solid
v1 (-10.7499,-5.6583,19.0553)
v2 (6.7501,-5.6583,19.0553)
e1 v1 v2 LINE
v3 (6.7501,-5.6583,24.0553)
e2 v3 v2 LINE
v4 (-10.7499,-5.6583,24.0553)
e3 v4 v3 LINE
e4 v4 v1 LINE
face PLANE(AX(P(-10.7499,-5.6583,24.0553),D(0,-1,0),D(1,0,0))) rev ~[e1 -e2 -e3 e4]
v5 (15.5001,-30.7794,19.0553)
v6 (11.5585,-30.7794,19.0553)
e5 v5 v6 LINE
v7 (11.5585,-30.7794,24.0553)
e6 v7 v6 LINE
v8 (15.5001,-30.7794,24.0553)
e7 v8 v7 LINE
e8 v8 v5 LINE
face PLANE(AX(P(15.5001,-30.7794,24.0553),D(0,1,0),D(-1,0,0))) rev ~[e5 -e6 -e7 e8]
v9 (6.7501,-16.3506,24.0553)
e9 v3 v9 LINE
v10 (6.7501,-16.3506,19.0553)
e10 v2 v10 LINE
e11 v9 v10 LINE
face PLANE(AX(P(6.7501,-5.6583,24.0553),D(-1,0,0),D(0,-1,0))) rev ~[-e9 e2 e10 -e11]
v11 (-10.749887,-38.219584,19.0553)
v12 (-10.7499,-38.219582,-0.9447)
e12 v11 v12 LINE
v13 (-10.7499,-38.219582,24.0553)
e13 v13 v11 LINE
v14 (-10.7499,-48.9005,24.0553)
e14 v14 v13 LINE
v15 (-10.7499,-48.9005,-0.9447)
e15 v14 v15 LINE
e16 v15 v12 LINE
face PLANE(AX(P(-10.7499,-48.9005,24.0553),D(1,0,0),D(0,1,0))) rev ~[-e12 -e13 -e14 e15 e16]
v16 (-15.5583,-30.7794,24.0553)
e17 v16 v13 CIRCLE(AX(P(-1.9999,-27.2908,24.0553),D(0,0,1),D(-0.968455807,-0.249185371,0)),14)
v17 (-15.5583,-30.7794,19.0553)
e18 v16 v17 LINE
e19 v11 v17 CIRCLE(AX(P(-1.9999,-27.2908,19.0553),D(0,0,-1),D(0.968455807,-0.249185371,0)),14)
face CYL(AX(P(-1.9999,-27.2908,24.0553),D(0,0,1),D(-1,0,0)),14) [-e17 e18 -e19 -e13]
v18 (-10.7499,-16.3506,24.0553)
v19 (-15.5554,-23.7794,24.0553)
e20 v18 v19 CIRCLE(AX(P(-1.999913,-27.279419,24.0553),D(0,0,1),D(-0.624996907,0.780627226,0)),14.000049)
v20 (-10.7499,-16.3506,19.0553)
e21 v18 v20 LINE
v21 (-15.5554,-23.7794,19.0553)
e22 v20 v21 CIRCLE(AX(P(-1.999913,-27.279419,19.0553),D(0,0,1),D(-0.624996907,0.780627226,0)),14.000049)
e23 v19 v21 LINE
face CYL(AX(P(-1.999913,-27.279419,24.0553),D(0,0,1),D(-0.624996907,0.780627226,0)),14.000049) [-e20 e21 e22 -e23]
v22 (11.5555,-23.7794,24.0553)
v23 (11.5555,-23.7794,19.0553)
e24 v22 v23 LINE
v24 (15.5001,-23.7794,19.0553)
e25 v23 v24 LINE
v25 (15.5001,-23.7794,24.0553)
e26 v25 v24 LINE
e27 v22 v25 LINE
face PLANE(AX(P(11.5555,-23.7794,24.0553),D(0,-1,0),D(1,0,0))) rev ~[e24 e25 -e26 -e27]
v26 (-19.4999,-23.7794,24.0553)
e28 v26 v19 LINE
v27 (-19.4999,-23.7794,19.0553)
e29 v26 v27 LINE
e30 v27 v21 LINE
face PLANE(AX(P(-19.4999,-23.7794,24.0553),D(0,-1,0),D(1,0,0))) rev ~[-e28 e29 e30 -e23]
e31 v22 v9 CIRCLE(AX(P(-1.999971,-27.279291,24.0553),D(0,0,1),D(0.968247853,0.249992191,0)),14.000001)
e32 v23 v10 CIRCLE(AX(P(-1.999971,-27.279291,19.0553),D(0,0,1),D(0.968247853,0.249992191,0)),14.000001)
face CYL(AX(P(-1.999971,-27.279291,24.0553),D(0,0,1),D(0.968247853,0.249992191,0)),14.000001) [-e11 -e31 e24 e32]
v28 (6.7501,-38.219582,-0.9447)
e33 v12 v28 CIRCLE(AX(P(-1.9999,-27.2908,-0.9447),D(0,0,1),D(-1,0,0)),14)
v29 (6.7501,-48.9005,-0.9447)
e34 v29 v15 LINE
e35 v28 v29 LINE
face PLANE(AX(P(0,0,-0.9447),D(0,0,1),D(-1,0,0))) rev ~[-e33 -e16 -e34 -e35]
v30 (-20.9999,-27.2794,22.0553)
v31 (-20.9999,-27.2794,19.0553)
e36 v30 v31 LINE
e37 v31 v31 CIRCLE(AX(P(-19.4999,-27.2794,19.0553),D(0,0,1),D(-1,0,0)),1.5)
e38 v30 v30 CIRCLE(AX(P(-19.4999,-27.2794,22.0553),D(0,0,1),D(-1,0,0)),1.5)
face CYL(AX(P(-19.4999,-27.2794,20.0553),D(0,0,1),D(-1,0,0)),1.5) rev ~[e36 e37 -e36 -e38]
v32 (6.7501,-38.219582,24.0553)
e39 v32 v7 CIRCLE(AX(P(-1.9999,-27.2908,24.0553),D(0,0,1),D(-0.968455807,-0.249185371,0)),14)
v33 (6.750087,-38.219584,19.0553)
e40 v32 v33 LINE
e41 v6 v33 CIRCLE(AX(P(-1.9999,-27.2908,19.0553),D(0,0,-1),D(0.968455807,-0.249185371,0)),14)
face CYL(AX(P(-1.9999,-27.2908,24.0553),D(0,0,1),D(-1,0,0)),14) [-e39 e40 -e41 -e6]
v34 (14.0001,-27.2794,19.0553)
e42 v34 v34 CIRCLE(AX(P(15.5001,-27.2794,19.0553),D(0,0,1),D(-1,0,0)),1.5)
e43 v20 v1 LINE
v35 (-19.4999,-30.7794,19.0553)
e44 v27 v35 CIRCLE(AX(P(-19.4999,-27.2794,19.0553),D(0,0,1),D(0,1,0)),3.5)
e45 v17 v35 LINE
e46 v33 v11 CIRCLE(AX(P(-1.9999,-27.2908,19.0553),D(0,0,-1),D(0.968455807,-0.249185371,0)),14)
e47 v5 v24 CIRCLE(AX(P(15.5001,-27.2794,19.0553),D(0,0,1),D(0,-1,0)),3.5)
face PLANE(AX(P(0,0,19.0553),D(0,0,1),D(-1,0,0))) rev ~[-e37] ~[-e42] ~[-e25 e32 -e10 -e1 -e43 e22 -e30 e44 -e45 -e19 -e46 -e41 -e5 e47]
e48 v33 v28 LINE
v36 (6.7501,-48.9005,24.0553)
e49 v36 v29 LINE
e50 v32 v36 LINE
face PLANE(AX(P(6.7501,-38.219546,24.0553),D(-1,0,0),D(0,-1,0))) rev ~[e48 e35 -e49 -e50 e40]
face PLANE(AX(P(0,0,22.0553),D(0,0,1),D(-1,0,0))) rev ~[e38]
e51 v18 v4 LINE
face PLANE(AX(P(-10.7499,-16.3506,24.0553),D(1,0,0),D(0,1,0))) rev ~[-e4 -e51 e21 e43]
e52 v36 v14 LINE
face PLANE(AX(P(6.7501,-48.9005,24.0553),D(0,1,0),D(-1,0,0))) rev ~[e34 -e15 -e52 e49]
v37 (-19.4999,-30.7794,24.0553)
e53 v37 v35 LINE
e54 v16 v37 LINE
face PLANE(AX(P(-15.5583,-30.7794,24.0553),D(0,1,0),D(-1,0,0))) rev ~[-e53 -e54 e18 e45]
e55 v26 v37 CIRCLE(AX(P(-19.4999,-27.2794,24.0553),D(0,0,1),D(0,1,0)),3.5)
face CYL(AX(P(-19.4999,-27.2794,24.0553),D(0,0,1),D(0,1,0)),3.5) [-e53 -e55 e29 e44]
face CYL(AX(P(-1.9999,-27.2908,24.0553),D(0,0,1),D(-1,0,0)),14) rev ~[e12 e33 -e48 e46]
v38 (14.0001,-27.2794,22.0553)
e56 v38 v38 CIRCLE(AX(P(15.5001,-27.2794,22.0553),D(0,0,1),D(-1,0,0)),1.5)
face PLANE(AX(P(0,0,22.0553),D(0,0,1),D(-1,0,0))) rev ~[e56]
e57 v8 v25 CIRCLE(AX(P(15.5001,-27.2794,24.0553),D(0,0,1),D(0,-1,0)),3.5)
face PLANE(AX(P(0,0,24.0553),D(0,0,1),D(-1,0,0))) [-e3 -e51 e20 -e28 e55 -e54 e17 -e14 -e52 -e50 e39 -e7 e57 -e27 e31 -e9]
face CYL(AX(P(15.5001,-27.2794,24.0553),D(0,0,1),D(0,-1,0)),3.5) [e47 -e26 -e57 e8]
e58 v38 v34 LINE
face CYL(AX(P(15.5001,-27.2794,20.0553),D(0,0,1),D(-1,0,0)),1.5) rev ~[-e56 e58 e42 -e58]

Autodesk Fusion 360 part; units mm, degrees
sketch "Sketch1" plane through (0, 0, 24.0553) normal (0, 0, 1) x (-1, 0, 0)
  line L0 (10.7499, 16.3506) -> (10.7499, 5.6583)
  line L1 (10.7499, 5.6583) -> (-6.7501, 5.6583)
  line L2 (-6.7501, 5.6583) -> (-6.7501, 16.3506)
  arc A0 (-11.5555, 23.7794) -> (-6.7501, 16.3506) centre (1.9999, 27.2794) ccw
  line L3 (-11.5555, 23.7794) -> (-15.5001, 23.7794)
  arc A1 (-15.5001, 30.7794) -> (-15.5001, 23.7794) centre (-15.5001, 27.2794) ccw
  line L4 (-15.5001, 30.7794) -> (-11.5555, 30.7794)
  arc A2 (-6.7501, 38.2081) -> (-11.5555, 30.7794) centre (1.9999, 27.2794) ccw
  line L5 (-6.7501, 38.2081) -> (-6.7501, 48.9005)
  line L6 (-6.7501, 48.9005) -> (10.7499, 48.9005)
  line L7 (10.7499, 48.9005) -> (10.7499, 38.2081)
  arc A3 (15.5554, 30.7794) -> (10.7499, 38.2081) centre (1.9999, 27.2794) ccw
  line L8 (15.5554, 30.7794) -> (19.4999, 30.7794)
  arc A4 (19.4999, 23.7794) -> (19.4999, 30.7794) centre (19.4999, 27.2794) ccw
  line L9 (19.4999, 23.7794) -> (15.5554, 23.7794)
  arc A5 (10.7499, 16.3506) -> (15.5554, 23.7794) centre (1.9999, 27.2794) ccw
  arc A6 (51.4999, 44.5294) -> (41.4999, 54.5294) centre (41.4999, 44.5294) ccw
  line L10 (41.4999, 54.5294) -> (-37.5001, 54.5294)
  arc A7 (-37.5001, 54.5294) -> (-47.5001, 44.5294) centre (-37.5001, 44.5294) ccw
  line L11 (-47.5001, 44.5294) -> (-47.5001, -34.4706)
  arc A8 (-47.5001, -34.4706) -> (-37.5001, -44.4706) centre (-37.5001, -34.4706) ccw
  line L12 (-37.5001, -44.4706) -> (41.4999, -44.4706)
  arc A9 (41.4999, -44.4706) -> (51.4999, -34.4706) centre (41.4999, -34.4706) ccw
  line L13 (51.4999, -34.4706) -> (51.4999, 44.5294)
  line L14 (42.9999, -37.9706) -> (-39.0001, -37.9706)
  line L15 (-39.0001, -37.9706) -> (-39.0001, 0.0294)
  line L16 (-39.0001, 0.0294) -> (42.9999, 0.0294)
  line L17 (42.9999, 0.0294) -> (42.9999, -37.9706)
  line L18 (10.7499, 48.9005) -> (10.7499, 38.2081)
  line L19 (-6.7501, 48.9005) -> (10.7499, 48.9005)
  line L20 (-6.7501, 38.2081) -> (-6.7501, 48.9005)
  arc A10 (-6.7501, 38.2081) -> (-11.5555, 30.7794) centre (1.9999, 27.2794) ccw
  arc A11 (15.5554, 30.7794) -> (10.7499, 38.2081) centre (1.9999, 27.2794) ccw
  line L21 (15.5554, 30.7794) -> (19.4999, 30.7794)
  arc A12 (19.4999, 23.7794) -> (19.4999, 30.7794) centre (19.4999, 27.2794) ccw
  line L22 (19.4999, 23.7794) -> (15.5554, 23.7794)
  arc A13 (15.5524, 23.7794) -> (15.5583, 30.7794) centre (1.9999, 27.2908) ccw
  line L23 (15.5524, 23.7794) -> (19.4999, 23.7794)
  arc A14 (19.4999, 23.7794) -> (19.4999, 30.7794) centre (19.4999, 27.2794) ccw
  line L24 (19.4999, 30.7794) -> (15.5583, 30.7794)
  circle A15 centre (19.4999, 27.2794) radius 2
  arc A16 (-11.5585, 30.7794) -> (-11.5526, 23.7794) centre (1.9999, 27.2908) ccw
  line L25 (-11.5585, 30.7794) -> (-15.5001, 30.7794)
  arc A17 (-15.5001, 30.7794) -> (-15.5001, 23.7794) centre (-15.5001, 27.2794) ccw
  line L26 (-15.5001, 23.7794) -> (-11.5526, 23.7794)
  circle A18 centre (-15.5001, 27.2794) radius 2
  line L27 (-6.7501, 5.6583) -> (-6.7501, 16.3506)
  line L28 (10.7499, 5.6583) -> (-6.7501, 5.6583)
  line L29 (10.7499, 16.3506) -> (10.7499, 5.6583)
  circle A19 centre (1.9999, 27.2908) radius 14
  arc A20 (-15.5001, 30.7794) -> (-15.5001, 23.7794) centre (-15.5001, 27.2794) ccw
  line L30 (-15.5001, 30.7794) -> (-11.5555, 30.7794)
  line L31 (-11.5555, 23.7794) -> (-15.5001, 23.7794)
  arc A21 (-11.5555, 23.7794) -> (-6.7501, 16.3506) centre (1.9999, 27.2794) ccw
  arc A22 (10.7499, 16.3506) -> (15.5554, 23.7794) centre (1.9999, 27.2794) ccw
  circle A23 centre (1.9999, 27.2908) radius 13
  circle A24 centre (19.4999, 27.2794) radius 1.5
  circle A25 centre (-15.5001, 27.2794) radius 1.5
extrude "Extrude2" add sketch "Sketch1" against normal blind 5 contours L0 L1 L2 A0 A5 L23 L26 L27 L28 L29 A19 A21 A22 | L8 A4 L9 L21 A12 L22 A13 L23 A14 L24 A19 | L4 A2 L5 L7 A3 L8 L18 L20 A10 A11 L21 A13 A16 A19 L30 | L3 A1 L4 A16 L25 A17 L26 A19 A20 L30 L31 | L7 A3 L8 L18 A11 L21 A19 | L4 A2 L5 L20 A10 A19 L30 | A23 makes body 1
extrude "Extrude1" add sketch "Sketch1" against normal blind 25 separate body contours L5 L6 L7 L18 L19 L20 A19 makes body 2
extrude "Extrude3" add sketch "Sketch1" against normal blind 4 separate body contours A15 | A18 makes body 3 at (-21.4974, -27.1797, 21.3887) makes body 4 at (13.5026, -27.1797, 21.3887)
sketch "Sketch2" plane through (0, 0, 24.0553) normal (0, 0, 1) x (-1, 0, 0)
  circle A0 centre (19.4999, 27.2794) radius 1.5
  circle A1 centre (19.4999, 27.2794) radius 1.5
extrude "Extrude4" add sketch "Sketch2" against normal blind 2 bodies 3
sketch "Sketch3" plane through (0, 0, 24.0553) normal (0, 0, 1) x (-1, 0, 0)
  circle A0 centre (-15.5001, 27.2794) radius 1.5
  circle A1 centre (-15.5001, 27.2794) radius 1.5
extrude "Extrude5" add sketch "Sketch3" against normal blind 2 bodies 4
extrude "Extrude6" add 1 faces at (13.7846, -26.6463, 20.0553) along direction (0, 0, -1) blind 1 on bodies 4 bodies 4 1
extrude "Extrude7" add 1 faces at (-18.7404, -28.9428, 20.0553) along direction (0, 0, -1) blind 1 on bodies 3 bodies 3 2 4
sketch "Sketch4" plane through (0, 0, 24.0553) normal (0, 0, 1) x (-1, 0, 0)
  line L0 (10.7499, 5.6583) -> (10.7499, 16.3506)
  arc A0 (10.7499, 16.3506) -> (15.5554, 23.7794) centre (1.9999, 27.2794) ccw
  line L1 (15.5554, 23.7794) -> (19.4999, 23.7794)
  arc A1 (19.4999, 23.7794) -> (19.4999, 30.7794) centre (19.4999, 27.2794) ccw
  line L2 (19.4999, 30.7794) -> (15.5554, 30.7794)
  arc A2 (15.5554, 30.7794) -> (10.7499, 38.2081) centre (1.9999, 27.2794) ccw
  line L3 (10.7499, 38.2081) -> (10.7499, 38.2196)
  arc A3 (10.7499, 38.2196) -> (-6.7501, 38.2196) centre (1.9999, 27.2908) ccw
  line L4 (-6.7501, 38.2196) -> (-6.7501, 38.2081)
  arc A4 (-6.7501, 38.2081) -> (-11.5555, 30.7794) centre (1.9999, 27.2794) ccw
  line L5 (-11.5555, 30.7794) -> (-15.5001, 30.7794)
  arc A5 (-15.5001, 30.7794) -> (-15.5001, 23.7794) centre (-15.5001, 27.2794) ccw
  line L6 (-15.5001, 23.7794) -> (-11.5555, 23.7794)
  arc A6 (-11.5555, 23.7794) -> (-6.7501, 16.3506) centre (1.9999, 27.2794) ccw
  line L7 (-6.7501, 16.3506) -> (-6.7501, 5.6583)
  line L8 (-6.7501, 5.6583) -> (10.7499, 5.6583)
  line L9 (10.7499, 48.9005) -> (-6.7501, 48.9005)
  line L10 (-6.7501, 48.9005) -> (-6.7501, 38.2196)
  arc A7 (10.7499, 38.2196) -> (-6.7501, 38.2196) centre (1.9999, 27.2908) ccw
  line L11 (10.7499, 38.2196) -> (10.7499, 48.9005)
  line L12 (10.7499, 38.2196) -> (10.7499, 48.9005)
  line L13 (-6.7501, 48.9005) -> (-6.7501, 38.2196)
  circle A8 centre (1.9999, 27.2908) radius 14
extrude "Extrude8" add sketch "Sketch4" against normal blind 25 contours A3 L9 L10 A7 L11 L12 L13 A8 bodies 2 3
